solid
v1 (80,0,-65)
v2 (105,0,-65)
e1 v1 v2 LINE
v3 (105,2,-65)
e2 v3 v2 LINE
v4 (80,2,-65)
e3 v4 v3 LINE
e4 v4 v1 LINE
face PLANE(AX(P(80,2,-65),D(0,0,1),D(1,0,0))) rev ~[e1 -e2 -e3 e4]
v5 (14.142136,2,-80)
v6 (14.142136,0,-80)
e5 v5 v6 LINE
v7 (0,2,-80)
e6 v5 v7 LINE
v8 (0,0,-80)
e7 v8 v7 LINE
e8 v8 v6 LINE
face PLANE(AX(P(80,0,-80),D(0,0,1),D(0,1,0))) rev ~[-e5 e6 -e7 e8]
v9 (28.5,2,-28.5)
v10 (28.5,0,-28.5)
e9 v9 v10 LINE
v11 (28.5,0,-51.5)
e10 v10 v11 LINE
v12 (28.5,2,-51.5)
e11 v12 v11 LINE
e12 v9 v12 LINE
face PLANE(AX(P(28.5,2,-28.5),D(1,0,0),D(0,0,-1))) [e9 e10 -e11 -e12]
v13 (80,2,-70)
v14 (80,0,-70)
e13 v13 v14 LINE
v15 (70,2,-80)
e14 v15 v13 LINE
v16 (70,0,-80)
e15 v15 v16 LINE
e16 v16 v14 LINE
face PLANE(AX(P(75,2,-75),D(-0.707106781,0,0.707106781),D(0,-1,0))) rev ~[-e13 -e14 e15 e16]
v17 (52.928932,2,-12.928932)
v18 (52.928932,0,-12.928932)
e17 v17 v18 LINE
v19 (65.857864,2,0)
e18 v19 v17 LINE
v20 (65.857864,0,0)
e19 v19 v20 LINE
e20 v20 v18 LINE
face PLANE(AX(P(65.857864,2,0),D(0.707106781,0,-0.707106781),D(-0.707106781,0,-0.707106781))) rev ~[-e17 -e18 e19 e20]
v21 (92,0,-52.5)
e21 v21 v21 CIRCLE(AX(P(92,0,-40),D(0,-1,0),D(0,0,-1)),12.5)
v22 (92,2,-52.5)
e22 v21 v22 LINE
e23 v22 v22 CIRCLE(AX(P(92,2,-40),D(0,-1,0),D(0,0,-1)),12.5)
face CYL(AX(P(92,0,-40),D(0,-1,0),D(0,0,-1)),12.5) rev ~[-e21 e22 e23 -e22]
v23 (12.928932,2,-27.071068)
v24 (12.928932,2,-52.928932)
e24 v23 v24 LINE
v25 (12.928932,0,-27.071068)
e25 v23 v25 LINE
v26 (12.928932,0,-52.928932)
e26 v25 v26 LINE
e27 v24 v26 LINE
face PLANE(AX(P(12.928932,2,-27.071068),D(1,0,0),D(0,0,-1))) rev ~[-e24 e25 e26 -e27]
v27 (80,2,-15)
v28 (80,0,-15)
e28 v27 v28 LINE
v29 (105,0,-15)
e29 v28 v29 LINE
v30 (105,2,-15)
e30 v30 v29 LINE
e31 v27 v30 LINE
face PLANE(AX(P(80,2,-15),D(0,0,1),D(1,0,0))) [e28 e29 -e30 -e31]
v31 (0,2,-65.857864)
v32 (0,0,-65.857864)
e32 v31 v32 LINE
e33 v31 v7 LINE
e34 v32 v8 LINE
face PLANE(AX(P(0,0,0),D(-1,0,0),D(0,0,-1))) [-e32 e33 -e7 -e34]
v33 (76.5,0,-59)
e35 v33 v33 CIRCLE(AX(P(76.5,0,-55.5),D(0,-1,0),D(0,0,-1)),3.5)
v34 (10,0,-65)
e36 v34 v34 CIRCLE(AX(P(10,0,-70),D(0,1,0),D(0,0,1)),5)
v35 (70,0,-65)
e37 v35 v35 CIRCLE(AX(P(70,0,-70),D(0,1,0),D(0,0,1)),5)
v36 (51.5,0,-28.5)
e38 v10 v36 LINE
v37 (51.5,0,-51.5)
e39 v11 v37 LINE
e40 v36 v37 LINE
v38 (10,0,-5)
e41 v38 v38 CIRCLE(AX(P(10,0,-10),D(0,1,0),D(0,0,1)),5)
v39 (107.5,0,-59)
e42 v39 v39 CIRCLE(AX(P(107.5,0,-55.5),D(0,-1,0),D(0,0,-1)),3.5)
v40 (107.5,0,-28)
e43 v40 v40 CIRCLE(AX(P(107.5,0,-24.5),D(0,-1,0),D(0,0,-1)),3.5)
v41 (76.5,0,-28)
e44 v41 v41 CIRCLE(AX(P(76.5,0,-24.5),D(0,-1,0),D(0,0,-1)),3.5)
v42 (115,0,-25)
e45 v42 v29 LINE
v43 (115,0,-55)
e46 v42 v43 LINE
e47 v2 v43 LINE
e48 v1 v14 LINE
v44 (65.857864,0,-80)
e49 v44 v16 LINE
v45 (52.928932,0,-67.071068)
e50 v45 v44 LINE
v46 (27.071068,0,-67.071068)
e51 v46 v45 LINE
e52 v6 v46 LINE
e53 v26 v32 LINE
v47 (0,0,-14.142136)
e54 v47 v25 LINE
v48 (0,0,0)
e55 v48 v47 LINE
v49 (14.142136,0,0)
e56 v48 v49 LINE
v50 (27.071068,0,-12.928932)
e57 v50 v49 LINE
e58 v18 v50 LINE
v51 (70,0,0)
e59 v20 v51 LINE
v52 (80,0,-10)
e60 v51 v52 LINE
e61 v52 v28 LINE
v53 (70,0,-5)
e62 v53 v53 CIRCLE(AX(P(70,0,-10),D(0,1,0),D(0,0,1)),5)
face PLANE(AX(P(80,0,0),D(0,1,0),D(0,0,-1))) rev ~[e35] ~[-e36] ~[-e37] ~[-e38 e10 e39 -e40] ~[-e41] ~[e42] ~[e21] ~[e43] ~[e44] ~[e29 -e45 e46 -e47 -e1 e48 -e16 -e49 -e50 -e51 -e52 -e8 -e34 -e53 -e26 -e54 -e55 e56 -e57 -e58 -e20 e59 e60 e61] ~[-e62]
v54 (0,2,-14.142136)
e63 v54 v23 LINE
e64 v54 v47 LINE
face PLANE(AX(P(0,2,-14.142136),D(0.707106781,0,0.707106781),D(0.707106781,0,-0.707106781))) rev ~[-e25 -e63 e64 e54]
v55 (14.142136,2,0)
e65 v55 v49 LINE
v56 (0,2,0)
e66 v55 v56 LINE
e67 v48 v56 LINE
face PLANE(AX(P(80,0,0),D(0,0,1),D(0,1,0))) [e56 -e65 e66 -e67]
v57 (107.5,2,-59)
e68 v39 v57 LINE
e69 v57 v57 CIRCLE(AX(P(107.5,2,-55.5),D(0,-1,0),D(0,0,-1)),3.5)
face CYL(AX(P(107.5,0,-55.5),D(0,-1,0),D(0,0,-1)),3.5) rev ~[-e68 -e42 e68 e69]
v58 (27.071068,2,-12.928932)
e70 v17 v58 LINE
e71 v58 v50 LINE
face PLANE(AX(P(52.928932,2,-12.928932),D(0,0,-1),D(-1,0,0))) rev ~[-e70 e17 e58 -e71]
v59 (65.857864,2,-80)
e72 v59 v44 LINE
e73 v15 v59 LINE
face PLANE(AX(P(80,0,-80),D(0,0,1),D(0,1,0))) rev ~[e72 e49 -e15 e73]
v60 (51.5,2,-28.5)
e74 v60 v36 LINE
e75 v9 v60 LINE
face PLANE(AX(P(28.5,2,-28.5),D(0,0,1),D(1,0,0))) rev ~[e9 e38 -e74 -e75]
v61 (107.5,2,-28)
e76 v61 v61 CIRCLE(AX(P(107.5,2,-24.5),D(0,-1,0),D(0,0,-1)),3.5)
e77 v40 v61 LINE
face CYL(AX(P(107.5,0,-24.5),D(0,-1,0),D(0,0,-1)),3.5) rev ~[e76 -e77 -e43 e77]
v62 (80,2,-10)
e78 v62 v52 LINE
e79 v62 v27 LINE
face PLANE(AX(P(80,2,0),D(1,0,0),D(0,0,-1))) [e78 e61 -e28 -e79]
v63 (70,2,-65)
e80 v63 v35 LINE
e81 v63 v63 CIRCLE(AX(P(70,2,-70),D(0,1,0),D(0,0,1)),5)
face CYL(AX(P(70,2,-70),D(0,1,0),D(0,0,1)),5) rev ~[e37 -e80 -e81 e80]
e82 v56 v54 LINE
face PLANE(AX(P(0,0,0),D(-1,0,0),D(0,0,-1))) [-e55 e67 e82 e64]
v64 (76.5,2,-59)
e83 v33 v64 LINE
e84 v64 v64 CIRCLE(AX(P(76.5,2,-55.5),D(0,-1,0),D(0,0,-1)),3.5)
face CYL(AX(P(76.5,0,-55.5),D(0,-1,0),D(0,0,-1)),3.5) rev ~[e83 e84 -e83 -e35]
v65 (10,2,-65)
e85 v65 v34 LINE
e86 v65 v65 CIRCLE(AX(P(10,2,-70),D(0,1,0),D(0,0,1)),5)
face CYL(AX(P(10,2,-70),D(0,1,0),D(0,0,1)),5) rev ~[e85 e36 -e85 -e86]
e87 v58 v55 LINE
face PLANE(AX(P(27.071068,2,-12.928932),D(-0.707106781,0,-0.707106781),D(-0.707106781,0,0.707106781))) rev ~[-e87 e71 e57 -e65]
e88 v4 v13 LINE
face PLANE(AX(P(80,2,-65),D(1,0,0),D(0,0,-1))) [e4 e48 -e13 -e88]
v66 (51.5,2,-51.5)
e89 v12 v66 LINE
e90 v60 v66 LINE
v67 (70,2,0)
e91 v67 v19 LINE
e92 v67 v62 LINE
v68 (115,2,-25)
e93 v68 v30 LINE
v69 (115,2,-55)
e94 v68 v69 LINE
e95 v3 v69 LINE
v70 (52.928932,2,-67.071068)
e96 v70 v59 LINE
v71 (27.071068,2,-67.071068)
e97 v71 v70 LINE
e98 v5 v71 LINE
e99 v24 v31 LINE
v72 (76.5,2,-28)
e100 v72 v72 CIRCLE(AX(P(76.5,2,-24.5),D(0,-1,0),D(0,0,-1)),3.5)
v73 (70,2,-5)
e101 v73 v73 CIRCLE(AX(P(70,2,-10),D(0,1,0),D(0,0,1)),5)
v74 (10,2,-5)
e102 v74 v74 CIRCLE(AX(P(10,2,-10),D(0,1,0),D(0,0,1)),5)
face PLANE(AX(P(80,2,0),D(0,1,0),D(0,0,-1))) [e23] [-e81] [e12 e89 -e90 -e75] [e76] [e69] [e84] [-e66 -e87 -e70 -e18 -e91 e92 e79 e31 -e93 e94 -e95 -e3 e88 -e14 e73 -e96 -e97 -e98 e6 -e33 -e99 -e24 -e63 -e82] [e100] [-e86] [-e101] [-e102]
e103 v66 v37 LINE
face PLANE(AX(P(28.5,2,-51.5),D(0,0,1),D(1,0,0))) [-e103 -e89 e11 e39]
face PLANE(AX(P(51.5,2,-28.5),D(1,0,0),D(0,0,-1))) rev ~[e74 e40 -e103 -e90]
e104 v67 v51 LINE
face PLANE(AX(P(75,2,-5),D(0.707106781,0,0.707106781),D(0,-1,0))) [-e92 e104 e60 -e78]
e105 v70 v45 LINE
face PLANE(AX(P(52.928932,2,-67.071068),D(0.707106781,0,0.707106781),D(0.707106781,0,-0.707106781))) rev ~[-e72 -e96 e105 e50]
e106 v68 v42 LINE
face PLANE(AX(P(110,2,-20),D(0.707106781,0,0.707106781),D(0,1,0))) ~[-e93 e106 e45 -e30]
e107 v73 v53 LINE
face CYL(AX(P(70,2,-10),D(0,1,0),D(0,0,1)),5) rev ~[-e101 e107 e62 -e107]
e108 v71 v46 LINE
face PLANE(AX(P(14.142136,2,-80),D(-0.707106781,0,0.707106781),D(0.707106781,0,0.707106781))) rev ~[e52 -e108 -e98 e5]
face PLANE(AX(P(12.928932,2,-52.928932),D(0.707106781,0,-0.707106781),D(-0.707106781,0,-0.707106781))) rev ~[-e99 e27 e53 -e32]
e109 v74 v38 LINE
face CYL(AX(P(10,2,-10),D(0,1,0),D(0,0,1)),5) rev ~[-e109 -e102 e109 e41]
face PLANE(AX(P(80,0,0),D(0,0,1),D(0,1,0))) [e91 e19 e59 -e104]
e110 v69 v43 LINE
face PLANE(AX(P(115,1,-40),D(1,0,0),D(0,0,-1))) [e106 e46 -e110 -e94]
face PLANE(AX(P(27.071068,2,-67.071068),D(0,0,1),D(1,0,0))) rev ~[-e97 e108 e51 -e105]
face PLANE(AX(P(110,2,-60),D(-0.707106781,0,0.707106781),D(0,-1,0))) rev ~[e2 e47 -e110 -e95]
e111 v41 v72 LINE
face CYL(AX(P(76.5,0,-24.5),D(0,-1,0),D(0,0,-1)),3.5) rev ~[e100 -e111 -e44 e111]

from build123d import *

# Parameters (mm, degrees)
SKETCH1_W           = 80
SKETCH1_H           = 80
BOSS_EXTRUDE1_DEPTH = 2
SKETCH2_R           = 2.5
CUT_EXTRUDE1_DEPTH  = 10
SKETCH4_W           = 80
SKETCH4_H           = 2
BOSS_EXTRUDE2_DEPTH = 35
SKETCH3_R           = 1.5
SKETCH3_R_2         = 12.5
CUT_EXTRUDE2_DEPTH  = 10
SKETCH5_W           = 23
SKETCH5_H           = 23
CUT_EXTRUDE3_DEPTH  = 10
SKETCH6_W           = 35
SKETCH6_H           = 15
CUT_EXTRUDE4_DEPTH  = 10
CHAMFER1_SIZE       = 10
SKETCH7_R           = 5
CUT_EXTRUDE5_DEPTH  = 4
SKETCH8_R           = 3.5
CUT_EXTRUDE6_DEPTH  = 3


with BuildPart() as part:
    # Sketch1 → Boss-Extrude1 (new body)
    with BuildSketch(Plane(origin=(0, 0, 0), x_dir=(1, 0, 0), z_dir=(0, 1, 0))):
        with Locations((40, 40)):
            Rectangle(SKETCH1_W, SKETCH1_H)
    extrude(amount=BOSS_EXTRUDE1_DEPTH)

    # Sketch2 → Cut-Extrude1 (cut)
    with BuildSketch(Plane.XZ):
        with Locations(Location((70, -70, 0), (0, 0, 270))):
            Circle(SKETCH2_R)
        with Locations(Location((70, -10, 0), (0, 0, 270))):
            Circle(SKETCH2_R)
        with Locations(Location((10, -10, 0), (0, 0, 270))):
            Circle(SKETCH2_R)
        with Locations(Location((10, -70, 0), (0, 0, 270))):
            Circle(SKETCH2_R)
    extrude(amount=-CUT_EXTRUDE1_DEPTH, mode=Mode.SUBTRACT)

    # Sketch4 → Boss-Extrude2 (add)
    with BuildSketch(Plane(origin=(80, 0, 0), x_dir=(0, 0, -1), z_dir=(1, 0, 0))):
        with Locations((40, 1)):
            Rectangle(SKETCH4_W, SKETCH4_H)
    extrude(amount=BOSS_EXTRUDE2_DEPTH)

    # Sketch3 → Cut-Extrude2 (cut)
    with BuildSketch(Plane.XZ):
        with Locations(Location((107.5, -24.5, 0), (0, 0, 270))):
            Circle(SKETCH3_R)
        with Locations(Location((107.5, -55.5, 0), (0, 0, 270))):
            Circle(SKETCH3_R)
        with Locations(Location((76.5, -55.5, 0), (0, 0, 270))):
            Circle(SKETCH3_R)
        with Locations(Location((76.5, -24.5, 0), (0, 0, 270))):
            Circle(SKETCH3_R)
        with Locations(Location((92, -40, 0), (0, 0, 270))):
            Circle(SKETCH3_R_2)
    extrude(amount=-CUT_EXTRUDE2_DEPTH, mode=Mode.SUBTRACT)

    # Sketch5 → Cut-Extrude3 (cut)
    with BuildSketch(Plane(origin=(0, 2, 0), x_dir=(1, 0, 0), z_dir=(0, 1, 0))):
        Polygon((65.857864376, 80), (14.142135624, 80), (27.071067812, 67.071067812), (52.928932188, 67.071067812), align=None)
        with Locations((40, 40)):
            Rectangle(SKETCH5_W, SKETCH5_H)
        Polygon((27.071067812, 12.928932188), (14.142135624, 0), (65.857864376, 0), (52.928932188, 12.928932188), align=None)
        Polygon((12.928932188, 52.928932188), (0, 65.857864376), (0, 14.142135624), (12.928932188, 27.071067812), align=None)
    extrude(amount=-CUT_EXTRUDE3_DEPTH, mode=Mode.SUBTRACT)

    # Sketch6 → Cut-Extrude4 (cut)
    with BuildSketch(Plane(origin=(0, 2, 0), x_dir=(1, 0, 0), z_dir=(0, 1, 0))):
        with Locations((97.5, 72.5)):
            Rectangle(SKETCH6_W, SKETCH6_H)
        with Locations((97.5, 7.5)):
            Rectangle(SKETCH6_W, SKETCH6_H)
    extrude(amount=-CUT_EXTRUDE4_DEPTH, mode=Mode.SUBTRACT)

    # Chamfer1
    chamfer1_edges = [part.edges().sort_by_distance(p)[0] for p in [
        (115, 1, -15),
        (115, 1, -65),
        (80, 1, -80),
        (80, 1, 0),
    ]]
    chamfer(chamfer1_edges, length=CHAMFER1_SIZE)

    # Sketch7 → Cut-Extrude5 (cut)
    with BuildSketch(Plane(origin=(0, 2, 0), x_dir=(1, 0, 0), z_dir=(0, 1, 0))):
        with Locations(Location((70, 70, 0), (0, 0, 270))):
            Circle(SKETCH7_R)
        with Locations(Location((70, 10, 0), (0, 0, 270))):
            Circle(SKETCH7_R)
        with Locations(Location((10, 10, 0), (0, 0, 270))):
            Circle(SKETCH7_R)
        with Locations(Location((10, 70, 0), (0, 0, 270))):
            Circle(SKETCH7_R)
    extrude(amount=-CUT_EXTRUDE5_DEPTH, mode=Mode.SUBTRACT)

    # Sketch8 → Cut-Extrude6 (cut)
    with BuildSketch(Plane.XZ):
        with Locations(Location((107.5, -24.5, 0), (0, 0, 270))):
            Circle(SKETCH8_R)
        with Locations(Location((107.5, -55.5, 0), (0, 0, 270))):
            Circle(SKETCH8_R)
        with Locations(Location((76.5, -55.5, 0), (0, 0, 270))):
            Circle(SKETCH8_R)
        with Locations(Location((76.5, -24.5, 0), (0, 0, 270))):
            Circle(SKETCH8_R)
    extrude(amount=-CUT_EXTRUDE6_DEPTH, mode=Mode.SUBTRACT)


solid = part.part
